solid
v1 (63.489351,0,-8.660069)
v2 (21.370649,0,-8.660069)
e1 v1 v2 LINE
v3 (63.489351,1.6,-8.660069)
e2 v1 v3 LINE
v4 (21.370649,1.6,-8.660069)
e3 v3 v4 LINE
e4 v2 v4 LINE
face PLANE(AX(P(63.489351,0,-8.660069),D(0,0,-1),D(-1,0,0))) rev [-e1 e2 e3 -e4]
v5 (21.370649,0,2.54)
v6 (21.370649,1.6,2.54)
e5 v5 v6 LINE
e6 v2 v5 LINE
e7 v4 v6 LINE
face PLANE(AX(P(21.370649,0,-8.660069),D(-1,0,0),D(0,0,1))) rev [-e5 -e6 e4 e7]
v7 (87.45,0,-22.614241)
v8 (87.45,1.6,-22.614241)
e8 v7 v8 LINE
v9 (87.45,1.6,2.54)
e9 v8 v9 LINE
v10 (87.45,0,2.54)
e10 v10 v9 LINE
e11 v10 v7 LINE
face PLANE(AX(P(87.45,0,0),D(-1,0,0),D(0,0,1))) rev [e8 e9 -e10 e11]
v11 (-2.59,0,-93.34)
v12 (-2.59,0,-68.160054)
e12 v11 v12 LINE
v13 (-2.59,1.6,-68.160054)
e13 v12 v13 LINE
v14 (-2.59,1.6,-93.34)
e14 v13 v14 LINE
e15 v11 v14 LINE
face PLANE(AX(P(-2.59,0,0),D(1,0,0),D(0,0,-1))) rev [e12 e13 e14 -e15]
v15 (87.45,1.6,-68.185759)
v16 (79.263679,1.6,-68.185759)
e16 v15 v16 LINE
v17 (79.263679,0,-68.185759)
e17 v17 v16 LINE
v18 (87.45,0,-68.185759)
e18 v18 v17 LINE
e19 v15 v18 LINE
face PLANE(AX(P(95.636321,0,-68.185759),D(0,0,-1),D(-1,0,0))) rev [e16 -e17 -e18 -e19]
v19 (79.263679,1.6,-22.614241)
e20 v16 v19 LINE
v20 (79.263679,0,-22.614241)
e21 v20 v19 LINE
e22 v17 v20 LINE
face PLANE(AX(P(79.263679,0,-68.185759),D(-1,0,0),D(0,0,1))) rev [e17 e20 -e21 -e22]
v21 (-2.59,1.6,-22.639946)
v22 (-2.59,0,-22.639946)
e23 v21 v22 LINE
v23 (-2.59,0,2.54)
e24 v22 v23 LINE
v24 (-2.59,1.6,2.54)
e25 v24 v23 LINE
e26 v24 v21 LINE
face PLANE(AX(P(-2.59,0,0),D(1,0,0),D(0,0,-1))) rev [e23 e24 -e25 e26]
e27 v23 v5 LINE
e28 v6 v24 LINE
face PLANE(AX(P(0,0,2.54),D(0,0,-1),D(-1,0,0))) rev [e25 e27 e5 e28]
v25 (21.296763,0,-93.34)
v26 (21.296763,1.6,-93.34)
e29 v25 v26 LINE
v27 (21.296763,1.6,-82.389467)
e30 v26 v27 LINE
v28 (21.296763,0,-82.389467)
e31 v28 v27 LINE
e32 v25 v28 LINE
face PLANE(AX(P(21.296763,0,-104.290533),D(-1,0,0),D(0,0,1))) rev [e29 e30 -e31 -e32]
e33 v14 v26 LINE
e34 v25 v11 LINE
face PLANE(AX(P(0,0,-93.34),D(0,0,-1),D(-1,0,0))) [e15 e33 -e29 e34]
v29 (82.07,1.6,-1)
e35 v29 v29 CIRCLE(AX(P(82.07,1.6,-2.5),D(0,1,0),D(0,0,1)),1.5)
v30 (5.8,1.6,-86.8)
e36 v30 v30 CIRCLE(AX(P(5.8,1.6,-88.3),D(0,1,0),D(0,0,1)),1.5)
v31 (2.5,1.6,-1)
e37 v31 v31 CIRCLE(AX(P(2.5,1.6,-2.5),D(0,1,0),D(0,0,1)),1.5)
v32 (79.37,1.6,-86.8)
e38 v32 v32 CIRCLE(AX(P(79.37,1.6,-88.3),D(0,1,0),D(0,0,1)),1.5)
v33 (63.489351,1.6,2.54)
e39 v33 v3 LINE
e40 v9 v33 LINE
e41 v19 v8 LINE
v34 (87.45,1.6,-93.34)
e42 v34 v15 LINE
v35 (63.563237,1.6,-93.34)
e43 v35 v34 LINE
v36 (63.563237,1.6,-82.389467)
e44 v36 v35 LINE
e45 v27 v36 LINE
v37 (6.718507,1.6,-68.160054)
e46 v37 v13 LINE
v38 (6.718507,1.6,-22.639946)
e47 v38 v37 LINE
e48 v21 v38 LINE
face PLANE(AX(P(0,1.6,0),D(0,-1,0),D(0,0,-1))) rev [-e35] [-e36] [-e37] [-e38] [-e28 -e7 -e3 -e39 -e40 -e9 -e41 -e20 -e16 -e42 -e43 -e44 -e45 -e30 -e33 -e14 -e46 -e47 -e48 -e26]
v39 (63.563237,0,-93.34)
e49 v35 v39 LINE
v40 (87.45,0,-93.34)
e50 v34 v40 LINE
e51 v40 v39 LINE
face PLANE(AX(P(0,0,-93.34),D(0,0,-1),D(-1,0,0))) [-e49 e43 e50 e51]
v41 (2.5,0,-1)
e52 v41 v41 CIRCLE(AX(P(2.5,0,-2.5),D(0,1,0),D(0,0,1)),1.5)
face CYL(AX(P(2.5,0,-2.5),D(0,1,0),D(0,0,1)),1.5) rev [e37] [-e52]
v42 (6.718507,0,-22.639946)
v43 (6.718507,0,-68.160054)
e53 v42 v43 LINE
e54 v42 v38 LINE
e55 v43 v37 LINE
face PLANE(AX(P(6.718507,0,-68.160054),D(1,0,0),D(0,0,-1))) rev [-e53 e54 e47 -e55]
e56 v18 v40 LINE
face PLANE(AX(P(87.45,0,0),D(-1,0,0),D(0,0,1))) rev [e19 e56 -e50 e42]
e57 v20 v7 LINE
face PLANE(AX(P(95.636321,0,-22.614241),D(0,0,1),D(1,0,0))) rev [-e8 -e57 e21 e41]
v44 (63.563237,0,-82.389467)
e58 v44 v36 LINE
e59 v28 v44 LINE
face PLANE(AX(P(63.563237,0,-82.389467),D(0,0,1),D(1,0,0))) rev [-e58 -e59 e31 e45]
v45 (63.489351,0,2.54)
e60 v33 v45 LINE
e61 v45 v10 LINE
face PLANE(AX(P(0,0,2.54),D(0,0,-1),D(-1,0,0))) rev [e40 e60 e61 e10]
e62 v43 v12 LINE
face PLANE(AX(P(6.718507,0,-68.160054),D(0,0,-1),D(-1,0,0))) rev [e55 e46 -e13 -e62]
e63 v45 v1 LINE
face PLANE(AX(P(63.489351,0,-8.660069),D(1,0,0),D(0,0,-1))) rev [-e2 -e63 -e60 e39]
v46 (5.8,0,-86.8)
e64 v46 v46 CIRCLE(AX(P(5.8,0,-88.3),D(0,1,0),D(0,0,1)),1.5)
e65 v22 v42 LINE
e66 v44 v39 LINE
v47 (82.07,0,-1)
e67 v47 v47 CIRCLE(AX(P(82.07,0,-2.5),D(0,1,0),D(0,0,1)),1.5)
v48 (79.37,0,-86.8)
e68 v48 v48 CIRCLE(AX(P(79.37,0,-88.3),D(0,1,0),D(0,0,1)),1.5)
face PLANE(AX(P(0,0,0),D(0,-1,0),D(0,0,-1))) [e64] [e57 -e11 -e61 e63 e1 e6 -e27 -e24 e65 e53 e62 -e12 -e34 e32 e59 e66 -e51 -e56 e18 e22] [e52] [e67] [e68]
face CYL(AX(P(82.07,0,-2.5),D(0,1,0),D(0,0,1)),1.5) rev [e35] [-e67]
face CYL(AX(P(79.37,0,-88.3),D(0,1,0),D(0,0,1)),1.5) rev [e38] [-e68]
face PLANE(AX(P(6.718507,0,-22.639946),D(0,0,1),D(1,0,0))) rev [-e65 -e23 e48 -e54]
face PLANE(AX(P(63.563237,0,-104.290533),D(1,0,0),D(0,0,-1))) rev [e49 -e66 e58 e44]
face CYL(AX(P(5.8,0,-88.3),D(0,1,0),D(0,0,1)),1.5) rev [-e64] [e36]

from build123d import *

# Parameters (mm, degrees)
SKETCH2_W           = 84.57
SKETCH2_H           = 90.8
BOSS_EXTRUDE1_DEPTH = 1.6
SKETCH3_R           = 1.5
CUT_EXTRUDE1_DEPTH  = 2.6
SKETCH4_W           = 90.8
SKETCH4_H           = 1.6
BOSS_EXTRUDE2_DEPTH = 2.88
SKETCH5_W           = 90.8
SKETCH5_H           = 1.6
BOSS_EXTRUDE3_DEPTH = 2.59
SKETCH6_W           = 90.04
SKETCH6_H           = 1.6
BOSS_EXTRUDE4_DEPTH = 2.54
SKETCH7_W           = 90.04
SKETCH7_H           = 1.6
BOSS_EXTRUDE5_DEPTH = 2.54
SKETCH8_W           = 16.372642976
SKETCH8_H           = 45.571517242
SKETCH8_W_2         = 42.266473234
SKETCH8_H_2         = 21.901065616
SKETCH8_W_3         = 18.617013656
SKETCH8_H_3         = 45.520108402
SKETCH8_W_4         = 42.118702304
SKETCH8_H_4         = 22.400138828
CUT_EXTRUDE2_DEPTH  = 2.6


with BuildPart() as part:
    # Sketch2 → Boss-Extrude1 (new body)
    with BuildSketch(Plane(origin=(0, 0, 0), x_dir=(1, 0, 0), z_dir=(0, 1, 0))):
        with Locations((42.285, 45.4)):
            Rectangle(SKETCH2_W, SKETCH2_H)
    extrude(amount=BOSS_EXTRUDE1_DEPTH)

    # Sketch3 → Cut-Extrude1 (cut, through all)
    with BuildSketch(Plane(origin=(0, 1.6, 0), x_dir=(1, 0, 0), z_dir=(0, 1, 0))):
        with Locations((2.5, 2.5)):
            Circle(SKETCH3_R)
        with Locations((82.07, 2.5)):
            Circle(SKETCH3_R)
        with Locations((5.8, 88.3)):
            Circle(SKETCH3_R)
        with Locations((79.37, 88.3)):
            Circle(SKETCH3_R)
    extrude(amount=-CUT_EXTRUDE1_DEPTH, mode=Mode.SUBTRACT)

    # Sketch4 → Boss-Extrude2 (add)
    with BuildSketch(Plane(origin=(84.57, 0, 0), x_dir=(0, 0, -1), z_dir=(1, 0, 0))):
        with Locations((45.4, 0.8)):
            Rectangle(SKETCH4_W, SKETCH4_H)
    extrude(amount=BOSS_EXTRUDE2_DEPTH)

    # Sketch5 → Boss-Extrude3 (add)
    with BuildSketch(Plane.ZY):
        with Locations((-45.4, 0.8)):
            Rectangle(SKETCH5_W, SKETCH5_H)
    extrude(amount=BOSS_EXTRUDE3_DEPTH)

    # Sketch6 → Boss-Extrude4 (add)
    with BuildSketch(Plane(origin=(0, 0, -90.8), x_dir=(-1, 0, 0), z_dir=(0, 0, -1))):
        with Locations((-42.43, 0.8)):
            Rectangle(SKETCH6_W, SKETCH6_H)
    extrude(amount=BOSS_EXTRUDE4_DEPTH)

    # Sketch7 → Boss-Extrude5 (add)
    with BuildSketch(Plane.XY):
        with Locations((42.43, 0.8)):
            Rectangle(SKETCH7_W, SKETCH7_H)
    extrude(amount=BOSS_EXTRUDE5_DEPTH)

    # Sketch8 → Cut-Extrude2 (cut, through all)
    with BuildSketch(Plane(origin=(0, 1.6, 0), x_dir=(1, 0, 0), z_dir=(0, 1, 0))):
        with Locations((87.45, 45.4)):
            Rectangle(SKETCH8_W, SKETCH8_H)
        with Locations((42.43, 93.34)):
            Rectangle(SKETCH8_W_2, SKETCH8_H_2)
        with Locations((-2.59, 45.4)):
            Rectangle(SKETCH8_W_3, SKETCH8_H_3)
        with Locations((42.43, -2.54)):
            Rectangle(SKETCH8_W_4, SKETCH8_H_4)
    extrude(amount=-CUT_EXTRUDE2_DEPTH, mode=Mode.SUBTRACT)


solid = part.part
